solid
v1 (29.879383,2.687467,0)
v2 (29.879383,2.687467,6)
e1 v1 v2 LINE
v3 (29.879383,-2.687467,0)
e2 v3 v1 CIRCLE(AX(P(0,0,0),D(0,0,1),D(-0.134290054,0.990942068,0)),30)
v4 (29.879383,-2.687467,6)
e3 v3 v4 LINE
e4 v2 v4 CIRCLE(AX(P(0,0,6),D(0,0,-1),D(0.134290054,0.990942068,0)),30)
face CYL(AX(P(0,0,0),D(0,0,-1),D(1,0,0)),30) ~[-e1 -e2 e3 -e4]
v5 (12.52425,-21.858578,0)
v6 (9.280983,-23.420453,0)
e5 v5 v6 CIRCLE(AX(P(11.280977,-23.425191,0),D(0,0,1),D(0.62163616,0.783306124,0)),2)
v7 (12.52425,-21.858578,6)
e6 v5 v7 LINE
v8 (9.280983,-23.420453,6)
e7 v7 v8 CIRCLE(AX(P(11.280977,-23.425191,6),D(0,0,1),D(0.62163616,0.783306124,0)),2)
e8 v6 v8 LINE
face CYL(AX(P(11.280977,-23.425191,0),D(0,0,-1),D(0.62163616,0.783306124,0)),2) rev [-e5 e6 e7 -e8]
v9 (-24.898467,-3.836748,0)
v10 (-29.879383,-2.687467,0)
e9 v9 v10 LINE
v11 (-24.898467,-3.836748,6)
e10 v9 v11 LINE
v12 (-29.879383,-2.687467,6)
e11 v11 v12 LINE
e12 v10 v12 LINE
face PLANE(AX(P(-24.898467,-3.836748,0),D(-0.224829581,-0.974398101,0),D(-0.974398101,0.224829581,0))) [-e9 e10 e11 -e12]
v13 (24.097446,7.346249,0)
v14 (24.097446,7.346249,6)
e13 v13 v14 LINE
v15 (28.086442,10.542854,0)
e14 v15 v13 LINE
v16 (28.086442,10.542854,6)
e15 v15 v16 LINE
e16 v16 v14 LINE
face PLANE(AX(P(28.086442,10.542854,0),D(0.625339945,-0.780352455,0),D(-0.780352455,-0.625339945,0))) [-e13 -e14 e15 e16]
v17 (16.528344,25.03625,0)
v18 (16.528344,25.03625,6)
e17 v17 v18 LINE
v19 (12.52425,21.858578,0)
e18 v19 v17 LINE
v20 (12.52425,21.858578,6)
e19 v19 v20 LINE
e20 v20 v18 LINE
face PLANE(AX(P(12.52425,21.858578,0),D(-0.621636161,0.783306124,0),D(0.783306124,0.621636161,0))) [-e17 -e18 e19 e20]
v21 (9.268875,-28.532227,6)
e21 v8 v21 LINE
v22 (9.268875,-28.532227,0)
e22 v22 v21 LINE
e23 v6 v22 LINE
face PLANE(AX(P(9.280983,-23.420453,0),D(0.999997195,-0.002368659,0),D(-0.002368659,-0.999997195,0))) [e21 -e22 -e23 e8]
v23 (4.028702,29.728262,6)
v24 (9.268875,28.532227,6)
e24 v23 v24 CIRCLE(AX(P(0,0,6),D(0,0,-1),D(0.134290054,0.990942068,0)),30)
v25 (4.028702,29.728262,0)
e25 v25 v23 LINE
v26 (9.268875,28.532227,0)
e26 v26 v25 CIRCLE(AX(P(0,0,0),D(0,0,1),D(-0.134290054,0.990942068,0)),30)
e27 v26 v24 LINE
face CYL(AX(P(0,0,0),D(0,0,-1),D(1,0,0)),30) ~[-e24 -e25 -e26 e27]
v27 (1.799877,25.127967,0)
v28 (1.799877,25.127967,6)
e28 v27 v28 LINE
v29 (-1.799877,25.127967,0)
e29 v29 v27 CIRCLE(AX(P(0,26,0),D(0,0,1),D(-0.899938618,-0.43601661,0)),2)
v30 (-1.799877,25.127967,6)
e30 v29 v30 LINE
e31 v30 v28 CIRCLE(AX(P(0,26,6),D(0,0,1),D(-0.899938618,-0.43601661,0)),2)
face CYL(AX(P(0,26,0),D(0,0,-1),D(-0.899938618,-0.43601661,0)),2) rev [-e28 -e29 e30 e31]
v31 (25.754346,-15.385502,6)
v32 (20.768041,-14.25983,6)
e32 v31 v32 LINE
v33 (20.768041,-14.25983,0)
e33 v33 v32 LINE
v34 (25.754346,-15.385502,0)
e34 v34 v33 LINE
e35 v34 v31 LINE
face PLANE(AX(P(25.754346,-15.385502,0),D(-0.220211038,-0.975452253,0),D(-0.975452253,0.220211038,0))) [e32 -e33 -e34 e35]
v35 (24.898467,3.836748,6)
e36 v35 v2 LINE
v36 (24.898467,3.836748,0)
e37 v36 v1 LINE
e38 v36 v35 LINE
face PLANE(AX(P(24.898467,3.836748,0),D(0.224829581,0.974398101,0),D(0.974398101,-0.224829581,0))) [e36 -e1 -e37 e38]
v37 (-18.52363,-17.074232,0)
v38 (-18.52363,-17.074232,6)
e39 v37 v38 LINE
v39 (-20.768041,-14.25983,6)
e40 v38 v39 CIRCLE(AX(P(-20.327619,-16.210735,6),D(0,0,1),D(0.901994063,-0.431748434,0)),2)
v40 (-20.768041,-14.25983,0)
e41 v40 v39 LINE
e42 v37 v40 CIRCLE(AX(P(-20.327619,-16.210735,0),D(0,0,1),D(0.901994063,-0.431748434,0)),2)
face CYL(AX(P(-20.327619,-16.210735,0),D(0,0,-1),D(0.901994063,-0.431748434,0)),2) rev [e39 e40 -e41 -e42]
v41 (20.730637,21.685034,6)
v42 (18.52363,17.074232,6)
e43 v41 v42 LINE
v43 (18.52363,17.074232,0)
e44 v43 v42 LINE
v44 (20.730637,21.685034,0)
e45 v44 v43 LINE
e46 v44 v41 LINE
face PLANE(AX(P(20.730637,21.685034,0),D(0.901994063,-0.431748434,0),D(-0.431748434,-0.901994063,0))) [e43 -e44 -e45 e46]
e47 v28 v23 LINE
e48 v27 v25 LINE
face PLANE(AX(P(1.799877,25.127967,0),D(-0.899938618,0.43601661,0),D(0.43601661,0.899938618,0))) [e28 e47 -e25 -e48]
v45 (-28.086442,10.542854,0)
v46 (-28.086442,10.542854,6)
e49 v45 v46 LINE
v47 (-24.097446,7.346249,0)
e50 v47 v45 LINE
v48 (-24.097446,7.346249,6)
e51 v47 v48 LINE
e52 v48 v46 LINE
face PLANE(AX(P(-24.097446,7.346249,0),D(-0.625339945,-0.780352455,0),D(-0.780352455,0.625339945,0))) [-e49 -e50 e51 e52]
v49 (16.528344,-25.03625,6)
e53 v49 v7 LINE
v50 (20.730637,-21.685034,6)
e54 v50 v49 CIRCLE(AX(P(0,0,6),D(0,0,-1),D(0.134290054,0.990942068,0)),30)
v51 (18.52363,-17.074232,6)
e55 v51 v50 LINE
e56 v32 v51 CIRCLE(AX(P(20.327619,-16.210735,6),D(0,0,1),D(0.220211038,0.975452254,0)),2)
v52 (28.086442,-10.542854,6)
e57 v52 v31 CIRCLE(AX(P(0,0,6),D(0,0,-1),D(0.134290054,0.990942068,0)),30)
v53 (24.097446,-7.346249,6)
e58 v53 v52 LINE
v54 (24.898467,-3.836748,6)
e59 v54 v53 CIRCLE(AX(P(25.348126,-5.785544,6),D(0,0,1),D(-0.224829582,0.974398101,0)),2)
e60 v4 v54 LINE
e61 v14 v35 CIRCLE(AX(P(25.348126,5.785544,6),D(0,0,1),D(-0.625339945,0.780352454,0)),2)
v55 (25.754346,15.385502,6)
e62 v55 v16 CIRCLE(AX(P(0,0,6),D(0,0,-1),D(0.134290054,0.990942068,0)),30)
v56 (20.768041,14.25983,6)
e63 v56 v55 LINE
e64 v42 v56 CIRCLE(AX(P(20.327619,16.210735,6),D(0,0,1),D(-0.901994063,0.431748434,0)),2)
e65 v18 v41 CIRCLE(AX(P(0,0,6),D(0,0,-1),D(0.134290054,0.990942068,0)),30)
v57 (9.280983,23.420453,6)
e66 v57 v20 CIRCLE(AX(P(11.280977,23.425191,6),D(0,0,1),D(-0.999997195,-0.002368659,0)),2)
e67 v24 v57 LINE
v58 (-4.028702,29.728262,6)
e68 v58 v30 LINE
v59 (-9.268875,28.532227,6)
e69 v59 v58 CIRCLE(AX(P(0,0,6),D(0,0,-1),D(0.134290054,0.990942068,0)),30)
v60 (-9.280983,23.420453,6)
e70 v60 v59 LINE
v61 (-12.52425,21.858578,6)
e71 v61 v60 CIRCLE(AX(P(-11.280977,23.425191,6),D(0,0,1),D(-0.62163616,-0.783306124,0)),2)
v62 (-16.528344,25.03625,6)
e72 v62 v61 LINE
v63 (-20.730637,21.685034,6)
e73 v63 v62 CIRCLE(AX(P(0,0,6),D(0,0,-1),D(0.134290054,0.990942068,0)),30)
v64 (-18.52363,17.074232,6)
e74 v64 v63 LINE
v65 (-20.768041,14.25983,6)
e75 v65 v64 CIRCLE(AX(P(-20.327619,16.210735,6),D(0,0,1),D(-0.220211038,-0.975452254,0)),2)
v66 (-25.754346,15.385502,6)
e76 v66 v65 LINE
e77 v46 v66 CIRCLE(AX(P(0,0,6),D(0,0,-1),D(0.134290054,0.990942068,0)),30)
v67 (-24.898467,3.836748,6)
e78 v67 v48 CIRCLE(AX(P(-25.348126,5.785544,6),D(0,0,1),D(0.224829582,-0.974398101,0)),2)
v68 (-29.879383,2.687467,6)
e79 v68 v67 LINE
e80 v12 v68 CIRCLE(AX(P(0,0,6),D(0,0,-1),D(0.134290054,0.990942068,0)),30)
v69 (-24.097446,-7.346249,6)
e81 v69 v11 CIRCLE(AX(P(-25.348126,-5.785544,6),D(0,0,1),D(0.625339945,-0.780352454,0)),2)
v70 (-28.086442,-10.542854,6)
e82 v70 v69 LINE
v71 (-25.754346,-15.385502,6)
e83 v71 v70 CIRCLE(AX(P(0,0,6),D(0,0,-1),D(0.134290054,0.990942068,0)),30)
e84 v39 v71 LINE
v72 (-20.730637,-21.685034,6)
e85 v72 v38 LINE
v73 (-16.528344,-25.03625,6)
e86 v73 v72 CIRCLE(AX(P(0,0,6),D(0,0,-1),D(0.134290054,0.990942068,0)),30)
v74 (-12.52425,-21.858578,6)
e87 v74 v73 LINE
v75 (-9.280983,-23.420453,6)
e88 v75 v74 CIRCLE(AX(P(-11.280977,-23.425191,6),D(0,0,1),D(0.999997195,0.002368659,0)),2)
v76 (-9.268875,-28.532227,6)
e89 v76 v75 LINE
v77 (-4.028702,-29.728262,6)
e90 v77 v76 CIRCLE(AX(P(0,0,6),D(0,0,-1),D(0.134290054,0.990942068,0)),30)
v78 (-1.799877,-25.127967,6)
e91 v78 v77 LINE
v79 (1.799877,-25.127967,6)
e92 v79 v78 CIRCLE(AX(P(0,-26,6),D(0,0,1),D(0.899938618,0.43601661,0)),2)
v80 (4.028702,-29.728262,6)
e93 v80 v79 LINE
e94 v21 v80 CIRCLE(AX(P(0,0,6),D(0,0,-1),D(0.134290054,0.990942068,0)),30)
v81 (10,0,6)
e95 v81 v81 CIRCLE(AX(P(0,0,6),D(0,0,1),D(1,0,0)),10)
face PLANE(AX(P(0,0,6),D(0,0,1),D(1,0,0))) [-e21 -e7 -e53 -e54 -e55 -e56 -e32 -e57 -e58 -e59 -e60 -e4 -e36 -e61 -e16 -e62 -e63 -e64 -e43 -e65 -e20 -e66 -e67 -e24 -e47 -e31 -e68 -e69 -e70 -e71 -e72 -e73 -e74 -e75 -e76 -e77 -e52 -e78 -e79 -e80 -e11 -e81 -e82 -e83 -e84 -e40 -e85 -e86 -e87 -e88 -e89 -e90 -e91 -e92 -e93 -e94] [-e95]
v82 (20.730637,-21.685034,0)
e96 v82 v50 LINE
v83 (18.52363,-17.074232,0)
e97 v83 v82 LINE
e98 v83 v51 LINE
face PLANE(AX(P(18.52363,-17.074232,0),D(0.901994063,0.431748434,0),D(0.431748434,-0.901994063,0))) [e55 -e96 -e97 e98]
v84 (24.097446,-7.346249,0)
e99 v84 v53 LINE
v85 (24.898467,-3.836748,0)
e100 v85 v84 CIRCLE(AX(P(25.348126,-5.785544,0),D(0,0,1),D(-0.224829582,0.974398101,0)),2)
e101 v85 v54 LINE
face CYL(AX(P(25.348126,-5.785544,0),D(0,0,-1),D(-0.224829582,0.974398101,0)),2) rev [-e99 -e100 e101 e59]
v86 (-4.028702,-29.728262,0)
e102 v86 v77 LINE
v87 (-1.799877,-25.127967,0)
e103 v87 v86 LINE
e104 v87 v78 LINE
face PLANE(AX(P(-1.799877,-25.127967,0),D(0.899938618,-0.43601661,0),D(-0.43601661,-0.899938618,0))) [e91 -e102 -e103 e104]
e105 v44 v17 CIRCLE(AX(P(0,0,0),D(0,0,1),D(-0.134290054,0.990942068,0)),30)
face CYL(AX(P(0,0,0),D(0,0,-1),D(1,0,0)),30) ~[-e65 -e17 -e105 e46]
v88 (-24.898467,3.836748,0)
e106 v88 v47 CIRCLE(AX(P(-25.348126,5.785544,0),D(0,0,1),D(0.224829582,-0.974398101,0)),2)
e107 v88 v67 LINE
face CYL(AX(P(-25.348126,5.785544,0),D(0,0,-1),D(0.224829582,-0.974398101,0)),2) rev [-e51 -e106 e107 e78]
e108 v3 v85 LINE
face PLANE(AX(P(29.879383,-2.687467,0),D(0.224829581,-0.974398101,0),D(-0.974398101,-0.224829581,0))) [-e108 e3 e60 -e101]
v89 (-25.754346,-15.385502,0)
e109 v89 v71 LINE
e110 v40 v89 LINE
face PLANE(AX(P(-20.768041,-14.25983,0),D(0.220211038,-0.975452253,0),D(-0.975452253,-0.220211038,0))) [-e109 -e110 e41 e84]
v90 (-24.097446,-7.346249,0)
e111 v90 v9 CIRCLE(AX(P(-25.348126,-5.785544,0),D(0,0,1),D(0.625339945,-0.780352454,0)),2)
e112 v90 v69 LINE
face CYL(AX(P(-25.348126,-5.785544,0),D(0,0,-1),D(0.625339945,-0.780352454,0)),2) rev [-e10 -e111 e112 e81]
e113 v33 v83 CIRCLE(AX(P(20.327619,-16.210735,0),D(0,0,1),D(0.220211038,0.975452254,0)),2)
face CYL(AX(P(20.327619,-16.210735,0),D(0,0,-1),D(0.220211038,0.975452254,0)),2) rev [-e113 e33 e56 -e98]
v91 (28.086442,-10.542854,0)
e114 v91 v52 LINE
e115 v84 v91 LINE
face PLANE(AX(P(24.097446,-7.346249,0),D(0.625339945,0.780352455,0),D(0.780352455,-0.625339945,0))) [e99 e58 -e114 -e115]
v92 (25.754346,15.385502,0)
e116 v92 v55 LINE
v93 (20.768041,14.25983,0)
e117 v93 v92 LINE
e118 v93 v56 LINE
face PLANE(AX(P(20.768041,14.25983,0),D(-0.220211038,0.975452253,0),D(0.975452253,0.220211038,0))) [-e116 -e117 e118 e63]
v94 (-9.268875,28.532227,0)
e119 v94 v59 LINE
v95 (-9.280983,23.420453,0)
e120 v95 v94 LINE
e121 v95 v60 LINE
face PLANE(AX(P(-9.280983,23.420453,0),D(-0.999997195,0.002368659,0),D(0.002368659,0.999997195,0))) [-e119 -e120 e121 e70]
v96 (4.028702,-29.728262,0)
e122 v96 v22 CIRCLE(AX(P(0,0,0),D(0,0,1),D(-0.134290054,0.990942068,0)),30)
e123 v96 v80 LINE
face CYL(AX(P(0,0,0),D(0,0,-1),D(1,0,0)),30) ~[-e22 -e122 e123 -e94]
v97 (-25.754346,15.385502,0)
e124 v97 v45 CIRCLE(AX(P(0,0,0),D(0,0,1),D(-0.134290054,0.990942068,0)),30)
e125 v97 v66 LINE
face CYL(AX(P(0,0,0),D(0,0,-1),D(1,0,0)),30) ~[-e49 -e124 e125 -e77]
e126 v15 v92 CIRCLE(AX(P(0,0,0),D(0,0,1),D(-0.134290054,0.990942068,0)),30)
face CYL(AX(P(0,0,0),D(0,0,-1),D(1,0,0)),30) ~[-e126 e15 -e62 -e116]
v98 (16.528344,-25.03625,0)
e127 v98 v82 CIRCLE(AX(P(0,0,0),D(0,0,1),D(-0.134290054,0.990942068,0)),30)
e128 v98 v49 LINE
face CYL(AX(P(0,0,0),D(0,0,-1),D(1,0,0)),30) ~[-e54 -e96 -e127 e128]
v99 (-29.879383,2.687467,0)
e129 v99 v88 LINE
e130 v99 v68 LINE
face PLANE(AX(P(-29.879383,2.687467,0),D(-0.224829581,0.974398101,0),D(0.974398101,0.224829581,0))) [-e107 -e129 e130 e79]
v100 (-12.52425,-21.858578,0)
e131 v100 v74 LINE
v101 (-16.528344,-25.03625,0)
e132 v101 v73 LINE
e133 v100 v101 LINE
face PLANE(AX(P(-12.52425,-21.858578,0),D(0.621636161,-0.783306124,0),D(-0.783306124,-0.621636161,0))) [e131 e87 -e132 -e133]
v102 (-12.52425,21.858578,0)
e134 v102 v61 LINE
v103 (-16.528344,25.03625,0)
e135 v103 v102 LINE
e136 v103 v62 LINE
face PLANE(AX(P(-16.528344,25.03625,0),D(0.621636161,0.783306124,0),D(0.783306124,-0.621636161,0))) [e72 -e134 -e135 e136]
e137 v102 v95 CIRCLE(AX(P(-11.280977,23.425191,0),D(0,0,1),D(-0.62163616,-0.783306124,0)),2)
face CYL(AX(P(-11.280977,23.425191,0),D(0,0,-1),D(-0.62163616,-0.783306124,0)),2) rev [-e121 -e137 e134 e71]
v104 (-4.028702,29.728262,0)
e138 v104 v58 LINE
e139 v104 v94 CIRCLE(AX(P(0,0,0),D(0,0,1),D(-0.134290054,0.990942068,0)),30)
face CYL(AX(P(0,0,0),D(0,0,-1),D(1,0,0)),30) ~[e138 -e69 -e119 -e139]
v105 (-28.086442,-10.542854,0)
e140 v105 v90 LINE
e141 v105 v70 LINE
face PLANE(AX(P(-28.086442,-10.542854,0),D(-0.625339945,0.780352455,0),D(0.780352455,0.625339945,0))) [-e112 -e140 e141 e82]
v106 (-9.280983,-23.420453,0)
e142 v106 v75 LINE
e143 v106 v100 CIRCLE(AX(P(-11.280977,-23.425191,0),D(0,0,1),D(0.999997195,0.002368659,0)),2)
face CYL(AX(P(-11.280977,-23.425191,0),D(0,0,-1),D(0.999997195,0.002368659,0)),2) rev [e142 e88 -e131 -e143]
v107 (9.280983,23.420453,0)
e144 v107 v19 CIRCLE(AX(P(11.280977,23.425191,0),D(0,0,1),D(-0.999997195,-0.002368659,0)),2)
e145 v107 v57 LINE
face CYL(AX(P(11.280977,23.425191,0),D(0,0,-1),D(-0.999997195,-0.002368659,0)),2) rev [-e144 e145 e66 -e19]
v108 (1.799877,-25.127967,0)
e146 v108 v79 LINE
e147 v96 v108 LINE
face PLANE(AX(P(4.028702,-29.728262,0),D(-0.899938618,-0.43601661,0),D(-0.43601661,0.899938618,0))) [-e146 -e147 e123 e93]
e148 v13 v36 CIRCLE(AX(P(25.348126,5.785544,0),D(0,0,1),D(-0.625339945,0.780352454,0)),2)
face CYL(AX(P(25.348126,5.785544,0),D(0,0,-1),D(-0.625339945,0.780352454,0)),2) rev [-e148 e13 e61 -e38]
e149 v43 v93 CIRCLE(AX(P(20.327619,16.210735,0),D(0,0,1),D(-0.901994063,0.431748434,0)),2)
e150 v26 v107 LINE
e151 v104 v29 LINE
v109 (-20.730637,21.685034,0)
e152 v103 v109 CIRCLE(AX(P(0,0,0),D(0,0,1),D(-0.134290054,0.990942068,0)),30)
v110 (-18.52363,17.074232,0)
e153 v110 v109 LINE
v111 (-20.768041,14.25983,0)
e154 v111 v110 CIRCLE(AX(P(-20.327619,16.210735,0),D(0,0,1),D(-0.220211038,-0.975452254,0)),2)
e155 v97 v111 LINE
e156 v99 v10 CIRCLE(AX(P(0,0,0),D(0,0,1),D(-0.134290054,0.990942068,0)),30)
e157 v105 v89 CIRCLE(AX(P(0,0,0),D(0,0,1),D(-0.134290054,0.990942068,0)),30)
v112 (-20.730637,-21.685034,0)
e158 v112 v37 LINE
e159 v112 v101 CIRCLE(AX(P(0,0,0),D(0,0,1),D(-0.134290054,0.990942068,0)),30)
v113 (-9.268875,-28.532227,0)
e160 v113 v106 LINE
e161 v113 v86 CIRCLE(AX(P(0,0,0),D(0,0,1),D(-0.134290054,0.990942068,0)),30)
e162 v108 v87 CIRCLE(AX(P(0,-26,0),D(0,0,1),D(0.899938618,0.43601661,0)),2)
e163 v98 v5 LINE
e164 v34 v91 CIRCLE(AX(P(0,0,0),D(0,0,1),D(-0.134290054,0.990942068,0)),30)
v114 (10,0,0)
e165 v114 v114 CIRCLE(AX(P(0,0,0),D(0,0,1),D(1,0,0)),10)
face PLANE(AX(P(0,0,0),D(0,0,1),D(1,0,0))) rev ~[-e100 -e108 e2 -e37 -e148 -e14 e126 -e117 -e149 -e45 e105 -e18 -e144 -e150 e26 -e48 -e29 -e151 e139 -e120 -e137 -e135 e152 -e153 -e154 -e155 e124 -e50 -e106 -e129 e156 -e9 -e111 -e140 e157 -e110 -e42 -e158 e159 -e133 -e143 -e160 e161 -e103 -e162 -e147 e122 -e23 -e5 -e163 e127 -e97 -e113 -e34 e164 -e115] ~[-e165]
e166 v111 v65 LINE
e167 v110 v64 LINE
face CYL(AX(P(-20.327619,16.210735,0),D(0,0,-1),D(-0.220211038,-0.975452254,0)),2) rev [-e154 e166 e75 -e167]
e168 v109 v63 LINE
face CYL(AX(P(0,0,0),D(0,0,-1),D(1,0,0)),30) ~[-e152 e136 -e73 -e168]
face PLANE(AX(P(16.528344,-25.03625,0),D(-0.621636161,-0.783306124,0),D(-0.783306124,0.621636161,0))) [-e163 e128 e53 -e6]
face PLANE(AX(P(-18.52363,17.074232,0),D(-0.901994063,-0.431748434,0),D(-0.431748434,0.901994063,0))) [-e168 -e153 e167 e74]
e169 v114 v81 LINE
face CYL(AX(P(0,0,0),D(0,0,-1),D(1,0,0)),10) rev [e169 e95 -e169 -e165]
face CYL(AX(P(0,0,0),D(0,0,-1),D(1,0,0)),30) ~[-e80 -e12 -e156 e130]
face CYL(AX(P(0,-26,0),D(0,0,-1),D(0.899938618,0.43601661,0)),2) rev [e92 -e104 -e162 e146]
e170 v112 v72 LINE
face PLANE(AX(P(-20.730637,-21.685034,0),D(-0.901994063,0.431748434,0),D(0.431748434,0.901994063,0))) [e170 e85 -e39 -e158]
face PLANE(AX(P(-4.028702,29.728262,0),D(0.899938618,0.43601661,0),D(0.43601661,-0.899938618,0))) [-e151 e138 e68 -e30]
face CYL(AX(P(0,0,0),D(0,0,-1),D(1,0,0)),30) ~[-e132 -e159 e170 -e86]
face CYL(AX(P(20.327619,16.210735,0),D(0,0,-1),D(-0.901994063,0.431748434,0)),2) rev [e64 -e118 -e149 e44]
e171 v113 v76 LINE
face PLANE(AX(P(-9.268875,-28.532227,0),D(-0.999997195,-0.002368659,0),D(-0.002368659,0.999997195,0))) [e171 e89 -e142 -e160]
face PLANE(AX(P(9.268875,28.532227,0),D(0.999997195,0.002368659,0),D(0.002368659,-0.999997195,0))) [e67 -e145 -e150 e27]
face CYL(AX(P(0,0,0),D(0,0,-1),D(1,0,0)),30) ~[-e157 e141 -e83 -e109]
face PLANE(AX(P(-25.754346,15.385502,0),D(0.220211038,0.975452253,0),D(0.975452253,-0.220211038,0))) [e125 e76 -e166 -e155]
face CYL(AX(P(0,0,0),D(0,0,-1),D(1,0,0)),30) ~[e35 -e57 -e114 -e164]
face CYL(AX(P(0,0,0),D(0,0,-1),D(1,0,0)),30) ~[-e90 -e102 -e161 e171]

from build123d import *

# Parameters (mm, degrees)
SKETCH1_R           = 30
SKETCH1_R_2         = 10
BOSS_EXTRUDE1_DEPTH = 6
CUT_EXTRUDE1_START  = -6
CUT_EXTRUDE1_DEPTH  = 6
CIRPATTERN1_COUNT   = 14


with BuildPart() as part:
    # Sketch1 → Boss-Extrude1 (new body)
    with BuildSketch(Plane.XY):
        Circle(SKETCH1_R)
        Circle(SKETCH1_R_2, mode=Mode.SUBTRACT)
    extrude(amount=BOSS_EXTRUDE1_DEPTH)

    # Sketch2 → Cut-Extrude1 (cut)
    with BuildSketch(Plane.XY.offset(6).offset(CUT_EXTRUDE1_START)):
        with BuildLine():
            Line((-4.028701623, 29.728262028), (-1.799877236, 25.12796678))
            ThreePointArc((-1.799877236, 25.12796678), (0, 24), (1.799877236, 25.12796678))
            Line((1.799877236, 25.12796678), (4.028701623, 29.728262028))
            ThreePointArc((4.028701623, 29.728262028), (0, 30), (-4.028701623, 29.728262028))
        make_face()
    cut_extrude1 = extrude(amount=CUT_EXTRUDE1_DEPTH, mode=Mode.SUBTRACT)

    # CirPattern1: Cut-Extrude1 ×14 about axis
    cirpattern1_axis = Axis((0, 0, 0), (0, 0, 1))
    for i in range(1, CIRPATTERN1_COUNT):
        add(cut_extrude1.rotate(cirpattern1_axis, i * 360 / CIRPATTERN1_COUNT), mode=Mode.SUBTRACT)


solid = part.part
